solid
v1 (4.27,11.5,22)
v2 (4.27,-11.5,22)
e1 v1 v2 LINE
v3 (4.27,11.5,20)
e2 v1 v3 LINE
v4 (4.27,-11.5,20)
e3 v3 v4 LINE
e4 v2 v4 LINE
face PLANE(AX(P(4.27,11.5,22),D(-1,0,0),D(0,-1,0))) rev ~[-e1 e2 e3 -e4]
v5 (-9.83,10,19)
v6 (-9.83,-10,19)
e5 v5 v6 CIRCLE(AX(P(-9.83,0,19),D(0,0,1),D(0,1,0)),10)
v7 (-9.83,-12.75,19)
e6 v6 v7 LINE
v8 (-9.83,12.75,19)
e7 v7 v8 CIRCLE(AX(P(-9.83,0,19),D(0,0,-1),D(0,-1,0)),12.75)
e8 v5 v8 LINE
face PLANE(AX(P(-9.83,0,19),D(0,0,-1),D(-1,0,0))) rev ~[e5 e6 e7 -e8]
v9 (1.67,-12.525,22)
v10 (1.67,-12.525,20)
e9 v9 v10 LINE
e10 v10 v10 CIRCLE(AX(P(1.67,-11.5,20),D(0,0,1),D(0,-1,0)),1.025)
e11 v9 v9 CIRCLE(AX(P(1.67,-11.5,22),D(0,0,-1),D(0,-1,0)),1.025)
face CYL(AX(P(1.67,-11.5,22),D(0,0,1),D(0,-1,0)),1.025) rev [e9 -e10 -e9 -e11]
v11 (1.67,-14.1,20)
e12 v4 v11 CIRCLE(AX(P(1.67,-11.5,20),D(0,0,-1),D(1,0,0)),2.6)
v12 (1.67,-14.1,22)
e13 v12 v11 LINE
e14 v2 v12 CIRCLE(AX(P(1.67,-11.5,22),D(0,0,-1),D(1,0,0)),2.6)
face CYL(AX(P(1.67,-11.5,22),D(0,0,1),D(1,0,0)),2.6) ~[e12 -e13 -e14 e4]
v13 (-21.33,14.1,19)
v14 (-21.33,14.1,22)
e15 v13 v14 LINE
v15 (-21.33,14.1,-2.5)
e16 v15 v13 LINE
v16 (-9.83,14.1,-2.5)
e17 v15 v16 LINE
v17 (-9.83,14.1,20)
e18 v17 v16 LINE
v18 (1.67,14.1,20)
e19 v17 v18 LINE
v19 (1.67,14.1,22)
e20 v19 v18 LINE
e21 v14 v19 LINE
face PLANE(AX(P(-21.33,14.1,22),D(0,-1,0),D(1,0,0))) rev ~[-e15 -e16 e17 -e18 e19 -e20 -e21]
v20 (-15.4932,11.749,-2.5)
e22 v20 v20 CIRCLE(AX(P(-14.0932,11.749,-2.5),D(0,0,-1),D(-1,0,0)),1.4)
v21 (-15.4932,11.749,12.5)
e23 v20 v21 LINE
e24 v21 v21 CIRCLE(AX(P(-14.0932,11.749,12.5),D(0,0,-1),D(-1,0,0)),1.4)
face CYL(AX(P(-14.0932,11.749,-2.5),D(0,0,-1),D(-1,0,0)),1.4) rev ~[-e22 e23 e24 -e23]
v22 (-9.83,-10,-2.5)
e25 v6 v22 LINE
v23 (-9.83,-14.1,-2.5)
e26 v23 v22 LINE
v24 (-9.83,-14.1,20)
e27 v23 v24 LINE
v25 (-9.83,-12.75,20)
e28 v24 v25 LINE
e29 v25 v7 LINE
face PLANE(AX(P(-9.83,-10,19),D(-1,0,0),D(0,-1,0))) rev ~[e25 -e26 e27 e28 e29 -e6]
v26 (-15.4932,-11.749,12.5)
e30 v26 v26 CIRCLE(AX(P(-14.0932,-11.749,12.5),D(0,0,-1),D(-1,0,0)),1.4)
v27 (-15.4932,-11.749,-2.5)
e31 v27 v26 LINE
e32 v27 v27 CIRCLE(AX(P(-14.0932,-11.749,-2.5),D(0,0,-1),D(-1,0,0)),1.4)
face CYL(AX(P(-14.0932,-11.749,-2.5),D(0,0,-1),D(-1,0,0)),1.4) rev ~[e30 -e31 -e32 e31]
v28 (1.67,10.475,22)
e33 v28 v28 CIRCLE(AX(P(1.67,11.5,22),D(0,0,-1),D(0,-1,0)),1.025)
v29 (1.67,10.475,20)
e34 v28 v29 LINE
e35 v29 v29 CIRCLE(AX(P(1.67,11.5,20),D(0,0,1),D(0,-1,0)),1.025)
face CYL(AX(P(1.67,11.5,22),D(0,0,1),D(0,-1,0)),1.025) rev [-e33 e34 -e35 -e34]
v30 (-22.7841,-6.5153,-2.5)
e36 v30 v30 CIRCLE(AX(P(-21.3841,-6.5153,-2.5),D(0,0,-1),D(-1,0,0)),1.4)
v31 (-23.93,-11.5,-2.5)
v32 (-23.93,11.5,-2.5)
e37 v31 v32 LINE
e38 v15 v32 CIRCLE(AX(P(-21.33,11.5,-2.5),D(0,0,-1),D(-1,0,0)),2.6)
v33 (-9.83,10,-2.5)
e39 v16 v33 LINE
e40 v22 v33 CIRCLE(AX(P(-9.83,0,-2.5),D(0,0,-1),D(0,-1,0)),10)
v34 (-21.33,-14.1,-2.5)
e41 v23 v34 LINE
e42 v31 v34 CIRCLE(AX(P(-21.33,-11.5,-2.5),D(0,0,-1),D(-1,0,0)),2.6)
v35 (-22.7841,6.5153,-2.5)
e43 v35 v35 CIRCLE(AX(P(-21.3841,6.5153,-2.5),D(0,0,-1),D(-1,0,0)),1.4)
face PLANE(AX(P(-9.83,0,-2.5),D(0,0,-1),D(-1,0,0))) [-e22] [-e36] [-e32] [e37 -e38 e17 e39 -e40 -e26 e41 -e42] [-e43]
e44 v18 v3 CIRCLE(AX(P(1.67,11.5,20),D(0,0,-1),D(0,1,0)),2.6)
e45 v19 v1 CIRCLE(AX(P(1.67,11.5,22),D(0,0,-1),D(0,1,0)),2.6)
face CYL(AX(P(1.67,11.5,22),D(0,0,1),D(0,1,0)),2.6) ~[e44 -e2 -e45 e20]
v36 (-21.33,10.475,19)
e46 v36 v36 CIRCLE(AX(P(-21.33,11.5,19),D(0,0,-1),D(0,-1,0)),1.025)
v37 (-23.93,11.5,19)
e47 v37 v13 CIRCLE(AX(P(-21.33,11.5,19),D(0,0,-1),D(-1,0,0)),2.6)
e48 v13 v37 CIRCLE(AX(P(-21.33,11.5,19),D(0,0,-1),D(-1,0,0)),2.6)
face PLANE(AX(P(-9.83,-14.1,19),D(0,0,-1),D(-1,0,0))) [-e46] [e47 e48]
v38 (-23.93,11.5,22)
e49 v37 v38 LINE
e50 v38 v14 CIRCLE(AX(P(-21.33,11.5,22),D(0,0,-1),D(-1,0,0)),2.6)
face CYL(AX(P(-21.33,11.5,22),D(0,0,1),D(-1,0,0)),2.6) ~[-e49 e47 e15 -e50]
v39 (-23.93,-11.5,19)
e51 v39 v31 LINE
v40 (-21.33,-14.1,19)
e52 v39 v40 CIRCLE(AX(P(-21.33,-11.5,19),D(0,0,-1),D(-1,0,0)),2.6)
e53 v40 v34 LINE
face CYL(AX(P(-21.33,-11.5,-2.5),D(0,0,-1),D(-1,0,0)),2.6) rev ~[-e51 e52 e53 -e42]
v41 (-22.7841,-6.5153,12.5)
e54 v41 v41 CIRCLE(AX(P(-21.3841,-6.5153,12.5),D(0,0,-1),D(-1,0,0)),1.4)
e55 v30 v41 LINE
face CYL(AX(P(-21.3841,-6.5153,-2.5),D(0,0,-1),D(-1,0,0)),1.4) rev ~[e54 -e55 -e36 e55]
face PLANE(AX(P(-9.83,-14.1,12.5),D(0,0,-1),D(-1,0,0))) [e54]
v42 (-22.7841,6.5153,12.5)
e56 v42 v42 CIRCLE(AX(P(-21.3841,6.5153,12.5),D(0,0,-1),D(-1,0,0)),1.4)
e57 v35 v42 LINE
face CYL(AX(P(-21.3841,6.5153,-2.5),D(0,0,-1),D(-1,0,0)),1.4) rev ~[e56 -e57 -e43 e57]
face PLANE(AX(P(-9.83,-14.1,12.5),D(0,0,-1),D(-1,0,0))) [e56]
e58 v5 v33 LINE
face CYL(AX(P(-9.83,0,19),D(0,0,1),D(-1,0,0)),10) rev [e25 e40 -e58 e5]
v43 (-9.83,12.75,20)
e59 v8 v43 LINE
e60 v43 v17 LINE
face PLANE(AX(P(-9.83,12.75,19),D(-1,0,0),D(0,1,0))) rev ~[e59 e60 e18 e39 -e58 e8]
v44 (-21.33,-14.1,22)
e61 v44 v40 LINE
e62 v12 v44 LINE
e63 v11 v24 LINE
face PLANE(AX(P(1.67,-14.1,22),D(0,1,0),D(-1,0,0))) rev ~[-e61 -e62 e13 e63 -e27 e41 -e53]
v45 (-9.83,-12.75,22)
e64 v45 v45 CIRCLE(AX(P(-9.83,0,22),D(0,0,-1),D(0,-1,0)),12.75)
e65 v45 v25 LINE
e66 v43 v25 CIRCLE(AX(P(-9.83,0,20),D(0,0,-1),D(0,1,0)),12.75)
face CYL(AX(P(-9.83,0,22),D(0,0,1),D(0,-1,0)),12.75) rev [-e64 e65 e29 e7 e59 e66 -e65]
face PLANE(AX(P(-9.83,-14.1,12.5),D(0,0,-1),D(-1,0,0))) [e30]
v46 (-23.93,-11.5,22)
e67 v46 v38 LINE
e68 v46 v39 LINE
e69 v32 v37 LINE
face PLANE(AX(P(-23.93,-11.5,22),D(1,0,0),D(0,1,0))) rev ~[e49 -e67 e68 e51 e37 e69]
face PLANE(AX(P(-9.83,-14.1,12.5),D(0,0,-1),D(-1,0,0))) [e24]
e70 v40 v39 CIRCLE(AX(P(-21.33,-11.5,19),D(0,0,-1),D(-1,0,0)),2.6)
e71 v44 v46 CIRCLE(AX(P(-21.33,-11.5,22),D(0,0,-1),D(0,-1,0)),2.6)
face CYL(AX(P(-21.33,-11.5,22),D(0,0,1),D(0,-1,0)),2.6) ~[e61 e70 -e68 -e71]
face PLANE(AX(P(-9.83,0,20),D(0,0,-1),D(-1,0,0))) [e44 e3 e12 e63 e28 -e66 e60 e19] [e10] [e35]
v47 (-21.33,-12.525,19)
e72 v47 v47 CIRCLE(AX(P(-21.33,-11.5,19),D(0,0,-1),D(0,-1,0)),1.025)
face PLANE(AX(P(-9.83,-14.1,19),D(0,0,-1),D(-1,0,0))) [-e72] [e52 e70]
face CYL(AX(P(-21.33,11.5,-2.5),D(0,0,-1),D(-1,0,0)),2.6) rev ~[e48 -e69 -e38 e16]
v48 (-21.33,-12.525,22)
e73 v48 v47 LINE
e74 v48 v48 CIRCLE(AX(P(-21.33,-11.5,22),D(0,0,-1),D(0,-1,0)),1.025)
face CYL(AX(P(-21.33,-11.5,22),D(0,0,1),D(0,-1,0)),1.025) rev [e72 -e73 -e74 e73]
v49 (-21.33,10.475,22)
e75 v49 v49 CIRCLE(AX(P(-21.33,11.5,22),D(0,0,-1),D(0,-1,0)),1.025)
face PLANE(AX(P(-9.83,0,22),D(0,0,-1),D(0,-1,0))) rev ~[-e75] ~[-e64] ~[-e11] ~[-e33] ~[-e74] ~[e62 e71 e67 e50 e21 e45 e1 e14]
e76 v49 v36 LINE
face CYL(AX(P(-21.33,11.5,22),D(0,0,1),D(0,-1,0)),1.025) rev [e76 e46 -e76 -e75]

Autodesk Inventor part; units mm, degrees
ref_plane "YZ Plane" through (0, 0, 0) normal (1, 0, 0) x (0, 1, 0)
ref_plane "XZ Plane" through (0, 0, 0) normal (0, 1, 0) x (-1, 0, 0)
ref_plane "Work Plane3" through (-9.83, 0, 22) normal (0, 0, -1) x (0, -1, 0)
sketch "Sketch2" plane through (-9.83, 0, 22) normal (0, 0, -1) x (0, -1, 0)
  line L0 (14, 11.5) -> (14, -11.5) construction
  arc A0 (14, 11.5) -> (11.5, 14) centre (11.5, 11.5) ccw construction
  line L1 (-11.5, 14) -> (11.5, 14) construction
  arc A1 (-11.5, 14) -> (-14, 11.5) centre (-11.5, 11.5) ccw construction
  line L2 (-14, -11.5) -> (-14, 11.5) construction
  arc A2 (-14, -11.5) -> (-11.5, -14) centre (-11.5, -11.5) ccw construction
  line L3 (11.5, -14) -> (-11.5, -14) construction
  arc A3 (11.5, -14) -> (14, -11.5) centre (11.5, -11.5) ccw construction
  circle A4 centre (0, 0) radius 11 construction
  circle A5 centre (-11.5, 11.5) radius 1.025 construction
  circle A6 centre (11.5, 11.5) radius 1.025 construction
  circle A7 centre (11.5, -11.5) radius 1.025 construction
  circle A8 centre (-11.5, -11.5) radius 1.025 construction
  line L4 (14.1, -11.5) -> (14.1, 11.5)
  arc A9 (14.1, 11.5) -> (11.5, 14.1) centre (11.5, 11.5) ccw
  line L5 (11.5, 14.1) -> (-11.5, 14.1)
  arc A10 (-11.5, 14.1) -> (-14.1, 11.5) centre (-11.5, 11.5) ccw
  line L6 (-14.1, 11.5) -> (-14.1, -11.5)
  arc A11 (-14.1, -11.5) -> (-11.5, -14.1) centre (-11.5, -11.5) ccw
  line L7 (-11.5, -14.1) -> (11.5, -14.1)
  arc A12 (11.5, -14.1) -> (14.1, -11.5) centre (11.5, -11.5) ccw
  circle A13 centre (0, 0) radius 12.75
  circle A14 centre (-11.5, -11.5) radius 1.025
  circle A15 centre (11.5, -11.5) radius 1.025
  circle A16 centre (11.5, 11.5) radius 1.025
  circle A17 centre (-11.5, 11.5) radius 1.025
  point P0 (0, -9.83)
  dimension "d3" = 0.1
  dimension "d4" = 25.5
  dimension "d5" = 0
  dimension "d6" = 0
  dimension "d7" = 0
  dimension "d8" = 0
extrude "Extrusion2" add sketch "Sketch2" along normal blind 3
sketch "Sketch3" plane through (-9.83, 0, 19) normal (0, 0, -1) x (-1, 0, 0)
  circle A0 centre (0, 0) radius 12.75 projected
  circle A1 centre (11.5, 11.5) radius 1.025 projected
  circle A2 centre (11.5, -11.5) radius 1.025 projected
  circle A3 centre (-11.5, -11.5) radius 1.025 projected
  circle A4 centre (-11.5, 11.5) radius 1.025 projected
  line L0 (-11.5, -14.1) -> (11.5, -14.1) projected
  arc A5 (11.5, -14.1) -> (14.1, -11.5) centre (11.5, -11.5) ccw projected
  line L1 (14.1, -11.5) -> (14.1, 11.5) projected
  arc A6 (14.1, 11.5) -> (11.5, 14.1) centre (11.5, 11.5) ccw projected
  line L2 (11.5, 14.1) -> (-11.5, 14.1) projected
  arc A7 (-11.5, 14.1) -> (-14.1, 11.5) centre (-11.5, 11.5) ccw projected
  line L3 (-14.1, 11.5) -> (-14.1, -11.5) projected
  arc A8 (-14.1, -11.5) -> (-11.5, -14.1) centre (-11.5, -11.5) ccw projected
  line L4 (-11.5, -14.1) -> (11.5, -14.1) projected
  line L5 (0, -14.1) -> (0, -12.75)
  line L6 (0, 12.75) -> (0, 14.1)
  line L7 (11.5, 14.1) -> (-11.5, 14.1) projected
  circle A9 centre (0, 0) radius 10
  line L8 (0, -10) -> (0, -12.75)
  line L9 (0, 10) -> (0, 12.75)
  point P0 (-9.83, 0)
  dimension "d11" = 20
ref_plane "Work Plane4" through (-37.83, -24.85, 0) normal (0, 0, -1) x (0, 1, 0)
extrude "Extrusion3" add sketch "Sketch3" along normal blind 21.5 contours A0 L8 A9 L9 | A0 L6 L2 A6 L1 A5 L0 L5 picked at (11.7268, -0.9457)
sketch "Sketch4" plane through (-9.83, -14.1, -2.5) normal (0, 0, -1) x (-1, 0, 0)
  circle A0 centre (4.2632, 2.351) radius 1.4
  circle A1 centre (11.5541, 7.5847) radius 1.4
  arc A2 (0, 4.1) -> (0, 24.1) centre (0, 14.1) ccw projected
  line L0 (10, 14.1) -> (14.0989, 14.1)
  circle A3 centre (4.2632, 25.849) radius 1.4
  circle A4 centre (11.5541, 20.6153) radius 1.4
  point P0 (-9.83, 14.1)
  dimension "d16" = 2.8
  dimension "d17" = 2.8
extrude "Extrusion4" cut sketch "Sketch4" against normal blind 15
sketch "Sketch5" plane through (-9.83, -14.1, -2.5) normal (0, 0, -1) x (-1, 0, 0)
  circle A0 centre (11.5, 2.6) radius 1.025 projected
  circle A1 centre (11.5, 25.6) radius 1.025 projected
  circle A2 centre (11.5, 2.6) radius 2.6
  circle A3 centre (11.5, 25.6) radius 2.6
  point P0 (-9.83, 14.1)
  point P1 (14.1, 2.6)
  dimension "d11" = 20
extrude "Extrusion5" cut sketch "Sketch5" against normal up to surface (21.5 mm away) contours A0 | A1 | A2 | A3
sketch "Sketch6" plane through (-9.83, 0, 19) normal (0, 0, -1) x (-1, 0, 0)
  circle A0 centre (-11.5, 11.5) radius 1.025 projected
  circle A1 centre (-11.5, -11.5) radius 1.025 projected
  line L0 (0, -14.1) -> (0, -12.75) projected
  arc A2 (0, 12.75) -> (0, -12.75) centre (0, 0) ccw projected
  line L1 (0, 12.75) -> (0, 14.1) projected
  line L2 (0, 14.1) -> (-11.5, 14.1) projected
  arc A3 (-11.5, 14.1) -> (-14.1, 11.5) centre (-11.5, 11.5) ccw projected
  line L3 (-14.1, 11.5) -> (-14.1, -11.5) projected
  arc A4 (-14.1, -11.5) -> (-11.5, -14.1) centre (-11.5, -11.5) ccw projected
  line L4 (-11.5, -14.1) -> (0, -14.1) projected
  point P0 (-9.83, 0)
extrude "Extrusion6" cut sketch "Sketch6" against normal blind 1
properties part number "30_Cube_Z_Focus_MGN_NEMA_Motoradapter_NEMA11_v3"
